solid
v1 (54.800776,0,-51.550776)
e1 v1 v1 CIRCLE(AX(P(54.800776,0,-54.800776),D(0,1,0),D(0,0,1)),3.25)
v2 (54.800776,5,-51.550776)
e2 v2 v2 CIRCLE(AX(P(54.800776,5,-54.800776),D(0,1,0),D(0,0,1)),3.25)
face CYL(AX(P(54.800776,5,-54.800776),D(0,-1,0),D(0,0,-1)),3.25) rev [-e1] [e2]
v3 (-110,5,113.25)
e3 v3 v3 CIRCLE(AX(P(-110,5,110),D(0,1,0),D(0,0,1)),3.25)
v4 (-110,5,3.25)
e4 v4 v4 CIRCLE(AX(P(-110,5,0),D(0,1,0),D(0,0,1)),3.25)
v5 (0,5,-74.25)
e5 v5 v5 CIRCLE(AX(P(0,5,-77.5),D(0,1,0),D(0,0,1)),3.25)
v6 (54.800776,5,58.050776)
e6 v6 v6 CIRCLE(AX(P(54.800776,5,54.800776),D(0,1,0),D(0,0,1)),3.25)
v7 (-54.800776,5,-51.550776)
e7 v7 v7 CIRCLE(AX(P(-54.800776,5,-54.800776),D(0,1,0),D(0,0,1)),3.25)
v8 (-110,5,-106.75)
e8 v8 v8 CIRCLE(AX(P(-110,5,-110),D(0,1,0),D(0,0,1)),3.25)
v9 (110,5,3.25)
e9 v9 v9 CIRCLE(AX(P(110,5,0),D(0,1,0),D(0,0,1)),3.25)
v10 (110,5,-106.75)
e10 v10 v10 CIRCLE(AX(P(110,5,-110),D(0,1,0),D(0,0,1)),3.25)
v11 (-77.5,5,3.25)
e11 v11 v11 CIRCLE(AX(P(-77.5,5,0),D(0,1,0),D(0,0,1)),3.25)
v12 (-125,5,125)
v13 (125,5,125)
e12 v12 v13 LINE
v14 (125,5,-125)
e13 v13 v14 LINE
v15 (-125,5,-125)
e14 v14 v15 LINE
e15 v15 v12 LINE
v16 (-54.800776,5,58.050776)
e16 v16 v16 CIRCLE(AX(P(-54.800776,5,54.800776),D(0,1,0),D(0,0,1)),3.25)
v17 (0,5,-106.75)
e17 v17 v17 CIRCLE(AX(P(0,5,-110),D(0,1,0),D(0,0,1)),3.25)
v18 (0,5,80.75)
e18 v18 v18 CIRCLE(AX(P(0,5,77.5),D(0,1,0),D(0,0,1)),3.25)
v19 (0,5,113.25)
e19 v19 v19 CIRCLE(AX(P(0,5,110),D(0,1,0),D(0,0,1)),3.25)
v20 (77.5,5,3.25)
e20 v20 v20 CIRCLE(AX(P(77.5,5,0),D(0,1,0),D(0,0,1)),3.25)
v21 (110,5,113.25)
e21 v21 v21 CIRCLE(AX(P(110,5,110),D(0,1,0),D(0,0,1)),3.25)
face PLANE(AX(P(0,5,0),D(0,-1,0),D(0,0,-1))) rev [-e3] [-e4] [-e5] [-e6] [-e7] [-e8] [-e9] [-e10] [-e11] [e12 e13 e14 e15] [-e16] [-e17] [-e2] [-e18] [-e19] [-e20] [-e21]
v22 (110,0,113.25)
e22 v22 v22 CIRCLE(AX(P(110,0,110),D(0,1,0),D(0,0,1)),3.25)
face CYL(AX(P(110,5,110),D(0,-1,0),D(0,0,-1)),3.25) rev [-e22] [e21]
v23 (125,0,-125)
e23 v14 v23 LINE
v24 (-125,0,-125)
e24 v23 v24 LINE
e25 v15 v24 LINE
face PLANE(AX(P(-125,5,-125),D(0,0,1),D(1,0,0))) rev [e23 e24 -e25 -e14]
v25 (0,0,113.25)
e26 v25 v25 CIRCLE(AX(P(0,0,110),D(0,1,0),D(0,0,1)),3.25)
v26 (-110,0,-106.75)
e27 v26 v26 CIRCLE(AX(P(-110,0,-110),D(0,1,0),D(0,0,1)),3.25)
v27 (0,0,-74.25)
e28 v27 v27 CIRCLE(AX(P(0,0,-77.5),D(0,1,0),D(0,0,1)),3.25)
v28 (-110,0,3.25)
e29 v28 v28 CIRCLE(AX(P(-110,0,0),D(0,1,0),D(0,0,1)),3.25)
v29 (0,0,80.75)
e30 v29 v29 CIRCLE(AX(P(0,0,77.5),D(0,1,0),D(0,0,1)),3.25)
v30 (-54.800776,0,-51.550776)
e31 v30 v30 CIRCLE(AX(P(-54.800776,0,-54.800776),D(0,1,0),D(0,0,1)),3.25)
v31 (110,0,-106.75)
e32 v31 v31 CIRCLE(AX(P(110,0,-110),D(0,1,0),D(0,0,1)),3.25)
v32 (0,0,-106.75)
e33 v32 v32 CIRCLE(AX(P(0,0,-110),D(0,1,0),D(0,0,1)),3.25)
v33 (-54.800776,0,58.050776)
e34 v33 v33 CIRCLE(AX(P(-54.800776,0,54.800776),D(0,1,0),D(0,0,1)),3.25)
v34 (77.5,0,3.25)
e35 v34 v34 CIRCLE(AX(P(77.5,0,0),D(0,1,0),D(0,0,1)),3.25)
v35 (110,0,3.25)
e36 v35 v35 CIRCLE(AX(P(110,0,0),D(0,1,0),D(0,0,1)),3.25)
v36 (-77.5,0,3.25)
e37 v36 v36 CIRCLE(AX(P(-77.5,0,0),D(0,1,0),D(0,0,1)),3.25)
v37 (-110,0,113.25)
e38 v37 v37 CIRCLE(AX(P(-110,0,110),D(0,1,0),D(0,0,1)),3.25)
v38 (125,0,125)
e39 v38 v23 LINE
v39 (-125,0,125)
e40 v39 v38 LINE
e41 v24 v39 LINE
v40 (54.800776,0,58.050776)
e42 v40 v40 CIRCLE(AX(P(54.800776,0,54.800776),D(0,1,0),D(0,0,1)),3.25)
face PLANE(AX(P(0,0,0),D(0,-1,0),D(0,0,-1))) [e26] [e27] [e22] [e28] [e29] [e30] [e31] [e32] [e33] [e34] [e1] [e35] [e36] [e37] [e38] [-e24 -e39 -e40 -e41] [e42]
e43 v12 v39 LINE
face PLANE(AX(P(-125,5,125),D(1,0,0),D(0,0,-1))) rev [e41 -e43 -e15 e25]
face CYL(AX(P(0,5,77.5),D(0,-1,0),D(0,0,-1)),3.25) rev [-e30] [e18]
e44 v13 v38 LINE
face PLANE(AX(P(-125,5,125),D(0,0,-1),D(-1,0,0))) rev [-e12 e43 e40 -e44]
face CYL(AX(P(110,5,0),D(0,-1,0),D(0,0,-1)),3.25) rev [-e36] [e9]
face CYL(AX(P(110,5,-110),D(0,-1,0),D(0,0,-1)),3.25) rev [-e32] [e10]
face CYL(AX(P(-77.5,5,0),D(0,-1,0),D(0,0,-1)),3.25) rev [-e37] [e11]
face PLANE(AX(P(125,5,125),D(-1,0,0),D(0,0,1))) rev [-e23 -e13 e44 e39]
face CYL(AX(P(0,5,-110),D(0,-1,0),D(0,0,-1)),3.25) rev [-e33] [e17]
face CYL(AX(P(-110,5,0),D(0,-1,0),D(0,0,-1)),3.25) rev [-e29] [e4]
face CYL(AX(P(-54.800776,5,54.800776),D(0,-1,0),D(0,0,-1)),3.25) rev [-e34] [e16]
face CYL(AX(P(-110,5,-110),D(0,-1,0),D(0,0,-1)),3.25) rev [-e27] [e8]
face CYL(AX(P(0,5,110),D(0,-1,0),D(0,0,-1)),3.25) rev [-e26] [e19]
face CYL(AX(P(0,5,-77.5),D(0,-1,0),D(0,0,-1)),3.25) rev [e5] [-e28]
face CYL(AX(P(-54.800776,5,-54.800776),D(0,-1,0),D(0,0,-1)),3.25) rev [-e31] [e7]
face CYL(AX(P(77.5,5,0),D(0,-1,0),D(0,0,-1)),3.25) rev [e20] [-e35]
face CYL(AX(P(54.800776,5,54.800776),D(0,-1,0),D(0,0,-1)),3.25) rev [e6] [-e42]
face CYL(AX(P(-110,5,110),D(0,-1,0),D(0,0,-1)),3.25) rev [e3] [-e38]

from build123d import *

# Parameters (mm, degrees)
SKETCH1_W           = 250
SKETCH1_H           = 250
SKETCH1_R           = 3.25
BOSS_EXTRUDE1_DEPTH = 5


with BuildPart() as part:
    # Sketch1 → Boss-Extrude1 (new body)
    with BuildSketch(Plane(origin=(0, 0, 0), x_dir=(1, 0, 0), z_dir=(0, 1, 0))):
        Rectangle(SKETCH1_W, SKETCH1_H)
        with Locations(Location((-110, 110, 0), (0, 0, 270))):
            Circle(SKETCH1_R, mode=Mode.SUBTRACT)
        with Locations(Location((0, 110, 0), (0, 0, 270))):
            Circle(SKETCH1_R, mode=Mode.SUBTRACT)
        with Locations(Location((-54.800775542, 54.800775542, 0), (0, 0, 270))):
            Circle(SKETCH1_R, mode=Mode.SUBTRACT)
        with Locations(Location((0, 77.5, 0), (0, 0, 270))):
            Circle(SKETCH1_R, mode=Mode.SUBTRACT)
        with Locations(Location((54.800775542, 54.800775542, 0), (0, 0, 270))):
            Circle(SKETCH1_R, mode=Mode.SUBTRACT)
        with Locations(Location((77.5, 0, 0), (0, 0, 270))):
            Circle(SKETCH1_R, mode=Mode.SUBTRACT)
        with Locations(Location((54.800775542, -54.800775542, 0), (0, 0, 270))):
            Circle(SKETCH1_R, mode=Mode.SUBTRACT)
        with Locations(Location((0, -77.5, 0), (0, 0, 270))):
            Circle(SKETCH1_R, mode=Mode.SUBTRACT)
        with Locations(Location((-54.800775542, -54.800775542, 0), (0, 0, 270))):
            Circle(SKETCH1_R, mode=Mode.SUBTRACT)
        with Locations(Location((-77.5, 0, 0), (0, 0, 270))):
            Circle(SKETCH1_R, mode=Mode.SUBTRACT)
        with Locations(Location((110, 110, 0), (0, 0, 270))):
            Circle(SKETCH1_R, mode=Mode.SUBTRACT)
        with Locations(Location((110, 0, 0), (0, 0, 270))):
            Circle(SKETCH1_R, mode=Mode.SUBTRACT)
        with Locations(Location((0, -110, 0), (0, 0, 270))):
            Circle(SKETCH1_R, mode=Mode.SUBTRACT)
        with Locations(Location((110, -110, 0), (0, 0, 270))):
            Circle(SKETCH1_R, mode=Mode.SUBTRACT)
        with Locations(Location((-110, 0, 0), (0, 0, 270))):
            Circle(SKETCH1_R, mode=Mode.SUBTRACT)
        with Locations(Location((-110, -110, 0), (0, 0, 270))):
            Circle(SKETCH1_R, mode=Mode.SUBTRACT)
    extrude(amount=BOSS_EXTRUDE1_DEPTH)


solid = part.part
